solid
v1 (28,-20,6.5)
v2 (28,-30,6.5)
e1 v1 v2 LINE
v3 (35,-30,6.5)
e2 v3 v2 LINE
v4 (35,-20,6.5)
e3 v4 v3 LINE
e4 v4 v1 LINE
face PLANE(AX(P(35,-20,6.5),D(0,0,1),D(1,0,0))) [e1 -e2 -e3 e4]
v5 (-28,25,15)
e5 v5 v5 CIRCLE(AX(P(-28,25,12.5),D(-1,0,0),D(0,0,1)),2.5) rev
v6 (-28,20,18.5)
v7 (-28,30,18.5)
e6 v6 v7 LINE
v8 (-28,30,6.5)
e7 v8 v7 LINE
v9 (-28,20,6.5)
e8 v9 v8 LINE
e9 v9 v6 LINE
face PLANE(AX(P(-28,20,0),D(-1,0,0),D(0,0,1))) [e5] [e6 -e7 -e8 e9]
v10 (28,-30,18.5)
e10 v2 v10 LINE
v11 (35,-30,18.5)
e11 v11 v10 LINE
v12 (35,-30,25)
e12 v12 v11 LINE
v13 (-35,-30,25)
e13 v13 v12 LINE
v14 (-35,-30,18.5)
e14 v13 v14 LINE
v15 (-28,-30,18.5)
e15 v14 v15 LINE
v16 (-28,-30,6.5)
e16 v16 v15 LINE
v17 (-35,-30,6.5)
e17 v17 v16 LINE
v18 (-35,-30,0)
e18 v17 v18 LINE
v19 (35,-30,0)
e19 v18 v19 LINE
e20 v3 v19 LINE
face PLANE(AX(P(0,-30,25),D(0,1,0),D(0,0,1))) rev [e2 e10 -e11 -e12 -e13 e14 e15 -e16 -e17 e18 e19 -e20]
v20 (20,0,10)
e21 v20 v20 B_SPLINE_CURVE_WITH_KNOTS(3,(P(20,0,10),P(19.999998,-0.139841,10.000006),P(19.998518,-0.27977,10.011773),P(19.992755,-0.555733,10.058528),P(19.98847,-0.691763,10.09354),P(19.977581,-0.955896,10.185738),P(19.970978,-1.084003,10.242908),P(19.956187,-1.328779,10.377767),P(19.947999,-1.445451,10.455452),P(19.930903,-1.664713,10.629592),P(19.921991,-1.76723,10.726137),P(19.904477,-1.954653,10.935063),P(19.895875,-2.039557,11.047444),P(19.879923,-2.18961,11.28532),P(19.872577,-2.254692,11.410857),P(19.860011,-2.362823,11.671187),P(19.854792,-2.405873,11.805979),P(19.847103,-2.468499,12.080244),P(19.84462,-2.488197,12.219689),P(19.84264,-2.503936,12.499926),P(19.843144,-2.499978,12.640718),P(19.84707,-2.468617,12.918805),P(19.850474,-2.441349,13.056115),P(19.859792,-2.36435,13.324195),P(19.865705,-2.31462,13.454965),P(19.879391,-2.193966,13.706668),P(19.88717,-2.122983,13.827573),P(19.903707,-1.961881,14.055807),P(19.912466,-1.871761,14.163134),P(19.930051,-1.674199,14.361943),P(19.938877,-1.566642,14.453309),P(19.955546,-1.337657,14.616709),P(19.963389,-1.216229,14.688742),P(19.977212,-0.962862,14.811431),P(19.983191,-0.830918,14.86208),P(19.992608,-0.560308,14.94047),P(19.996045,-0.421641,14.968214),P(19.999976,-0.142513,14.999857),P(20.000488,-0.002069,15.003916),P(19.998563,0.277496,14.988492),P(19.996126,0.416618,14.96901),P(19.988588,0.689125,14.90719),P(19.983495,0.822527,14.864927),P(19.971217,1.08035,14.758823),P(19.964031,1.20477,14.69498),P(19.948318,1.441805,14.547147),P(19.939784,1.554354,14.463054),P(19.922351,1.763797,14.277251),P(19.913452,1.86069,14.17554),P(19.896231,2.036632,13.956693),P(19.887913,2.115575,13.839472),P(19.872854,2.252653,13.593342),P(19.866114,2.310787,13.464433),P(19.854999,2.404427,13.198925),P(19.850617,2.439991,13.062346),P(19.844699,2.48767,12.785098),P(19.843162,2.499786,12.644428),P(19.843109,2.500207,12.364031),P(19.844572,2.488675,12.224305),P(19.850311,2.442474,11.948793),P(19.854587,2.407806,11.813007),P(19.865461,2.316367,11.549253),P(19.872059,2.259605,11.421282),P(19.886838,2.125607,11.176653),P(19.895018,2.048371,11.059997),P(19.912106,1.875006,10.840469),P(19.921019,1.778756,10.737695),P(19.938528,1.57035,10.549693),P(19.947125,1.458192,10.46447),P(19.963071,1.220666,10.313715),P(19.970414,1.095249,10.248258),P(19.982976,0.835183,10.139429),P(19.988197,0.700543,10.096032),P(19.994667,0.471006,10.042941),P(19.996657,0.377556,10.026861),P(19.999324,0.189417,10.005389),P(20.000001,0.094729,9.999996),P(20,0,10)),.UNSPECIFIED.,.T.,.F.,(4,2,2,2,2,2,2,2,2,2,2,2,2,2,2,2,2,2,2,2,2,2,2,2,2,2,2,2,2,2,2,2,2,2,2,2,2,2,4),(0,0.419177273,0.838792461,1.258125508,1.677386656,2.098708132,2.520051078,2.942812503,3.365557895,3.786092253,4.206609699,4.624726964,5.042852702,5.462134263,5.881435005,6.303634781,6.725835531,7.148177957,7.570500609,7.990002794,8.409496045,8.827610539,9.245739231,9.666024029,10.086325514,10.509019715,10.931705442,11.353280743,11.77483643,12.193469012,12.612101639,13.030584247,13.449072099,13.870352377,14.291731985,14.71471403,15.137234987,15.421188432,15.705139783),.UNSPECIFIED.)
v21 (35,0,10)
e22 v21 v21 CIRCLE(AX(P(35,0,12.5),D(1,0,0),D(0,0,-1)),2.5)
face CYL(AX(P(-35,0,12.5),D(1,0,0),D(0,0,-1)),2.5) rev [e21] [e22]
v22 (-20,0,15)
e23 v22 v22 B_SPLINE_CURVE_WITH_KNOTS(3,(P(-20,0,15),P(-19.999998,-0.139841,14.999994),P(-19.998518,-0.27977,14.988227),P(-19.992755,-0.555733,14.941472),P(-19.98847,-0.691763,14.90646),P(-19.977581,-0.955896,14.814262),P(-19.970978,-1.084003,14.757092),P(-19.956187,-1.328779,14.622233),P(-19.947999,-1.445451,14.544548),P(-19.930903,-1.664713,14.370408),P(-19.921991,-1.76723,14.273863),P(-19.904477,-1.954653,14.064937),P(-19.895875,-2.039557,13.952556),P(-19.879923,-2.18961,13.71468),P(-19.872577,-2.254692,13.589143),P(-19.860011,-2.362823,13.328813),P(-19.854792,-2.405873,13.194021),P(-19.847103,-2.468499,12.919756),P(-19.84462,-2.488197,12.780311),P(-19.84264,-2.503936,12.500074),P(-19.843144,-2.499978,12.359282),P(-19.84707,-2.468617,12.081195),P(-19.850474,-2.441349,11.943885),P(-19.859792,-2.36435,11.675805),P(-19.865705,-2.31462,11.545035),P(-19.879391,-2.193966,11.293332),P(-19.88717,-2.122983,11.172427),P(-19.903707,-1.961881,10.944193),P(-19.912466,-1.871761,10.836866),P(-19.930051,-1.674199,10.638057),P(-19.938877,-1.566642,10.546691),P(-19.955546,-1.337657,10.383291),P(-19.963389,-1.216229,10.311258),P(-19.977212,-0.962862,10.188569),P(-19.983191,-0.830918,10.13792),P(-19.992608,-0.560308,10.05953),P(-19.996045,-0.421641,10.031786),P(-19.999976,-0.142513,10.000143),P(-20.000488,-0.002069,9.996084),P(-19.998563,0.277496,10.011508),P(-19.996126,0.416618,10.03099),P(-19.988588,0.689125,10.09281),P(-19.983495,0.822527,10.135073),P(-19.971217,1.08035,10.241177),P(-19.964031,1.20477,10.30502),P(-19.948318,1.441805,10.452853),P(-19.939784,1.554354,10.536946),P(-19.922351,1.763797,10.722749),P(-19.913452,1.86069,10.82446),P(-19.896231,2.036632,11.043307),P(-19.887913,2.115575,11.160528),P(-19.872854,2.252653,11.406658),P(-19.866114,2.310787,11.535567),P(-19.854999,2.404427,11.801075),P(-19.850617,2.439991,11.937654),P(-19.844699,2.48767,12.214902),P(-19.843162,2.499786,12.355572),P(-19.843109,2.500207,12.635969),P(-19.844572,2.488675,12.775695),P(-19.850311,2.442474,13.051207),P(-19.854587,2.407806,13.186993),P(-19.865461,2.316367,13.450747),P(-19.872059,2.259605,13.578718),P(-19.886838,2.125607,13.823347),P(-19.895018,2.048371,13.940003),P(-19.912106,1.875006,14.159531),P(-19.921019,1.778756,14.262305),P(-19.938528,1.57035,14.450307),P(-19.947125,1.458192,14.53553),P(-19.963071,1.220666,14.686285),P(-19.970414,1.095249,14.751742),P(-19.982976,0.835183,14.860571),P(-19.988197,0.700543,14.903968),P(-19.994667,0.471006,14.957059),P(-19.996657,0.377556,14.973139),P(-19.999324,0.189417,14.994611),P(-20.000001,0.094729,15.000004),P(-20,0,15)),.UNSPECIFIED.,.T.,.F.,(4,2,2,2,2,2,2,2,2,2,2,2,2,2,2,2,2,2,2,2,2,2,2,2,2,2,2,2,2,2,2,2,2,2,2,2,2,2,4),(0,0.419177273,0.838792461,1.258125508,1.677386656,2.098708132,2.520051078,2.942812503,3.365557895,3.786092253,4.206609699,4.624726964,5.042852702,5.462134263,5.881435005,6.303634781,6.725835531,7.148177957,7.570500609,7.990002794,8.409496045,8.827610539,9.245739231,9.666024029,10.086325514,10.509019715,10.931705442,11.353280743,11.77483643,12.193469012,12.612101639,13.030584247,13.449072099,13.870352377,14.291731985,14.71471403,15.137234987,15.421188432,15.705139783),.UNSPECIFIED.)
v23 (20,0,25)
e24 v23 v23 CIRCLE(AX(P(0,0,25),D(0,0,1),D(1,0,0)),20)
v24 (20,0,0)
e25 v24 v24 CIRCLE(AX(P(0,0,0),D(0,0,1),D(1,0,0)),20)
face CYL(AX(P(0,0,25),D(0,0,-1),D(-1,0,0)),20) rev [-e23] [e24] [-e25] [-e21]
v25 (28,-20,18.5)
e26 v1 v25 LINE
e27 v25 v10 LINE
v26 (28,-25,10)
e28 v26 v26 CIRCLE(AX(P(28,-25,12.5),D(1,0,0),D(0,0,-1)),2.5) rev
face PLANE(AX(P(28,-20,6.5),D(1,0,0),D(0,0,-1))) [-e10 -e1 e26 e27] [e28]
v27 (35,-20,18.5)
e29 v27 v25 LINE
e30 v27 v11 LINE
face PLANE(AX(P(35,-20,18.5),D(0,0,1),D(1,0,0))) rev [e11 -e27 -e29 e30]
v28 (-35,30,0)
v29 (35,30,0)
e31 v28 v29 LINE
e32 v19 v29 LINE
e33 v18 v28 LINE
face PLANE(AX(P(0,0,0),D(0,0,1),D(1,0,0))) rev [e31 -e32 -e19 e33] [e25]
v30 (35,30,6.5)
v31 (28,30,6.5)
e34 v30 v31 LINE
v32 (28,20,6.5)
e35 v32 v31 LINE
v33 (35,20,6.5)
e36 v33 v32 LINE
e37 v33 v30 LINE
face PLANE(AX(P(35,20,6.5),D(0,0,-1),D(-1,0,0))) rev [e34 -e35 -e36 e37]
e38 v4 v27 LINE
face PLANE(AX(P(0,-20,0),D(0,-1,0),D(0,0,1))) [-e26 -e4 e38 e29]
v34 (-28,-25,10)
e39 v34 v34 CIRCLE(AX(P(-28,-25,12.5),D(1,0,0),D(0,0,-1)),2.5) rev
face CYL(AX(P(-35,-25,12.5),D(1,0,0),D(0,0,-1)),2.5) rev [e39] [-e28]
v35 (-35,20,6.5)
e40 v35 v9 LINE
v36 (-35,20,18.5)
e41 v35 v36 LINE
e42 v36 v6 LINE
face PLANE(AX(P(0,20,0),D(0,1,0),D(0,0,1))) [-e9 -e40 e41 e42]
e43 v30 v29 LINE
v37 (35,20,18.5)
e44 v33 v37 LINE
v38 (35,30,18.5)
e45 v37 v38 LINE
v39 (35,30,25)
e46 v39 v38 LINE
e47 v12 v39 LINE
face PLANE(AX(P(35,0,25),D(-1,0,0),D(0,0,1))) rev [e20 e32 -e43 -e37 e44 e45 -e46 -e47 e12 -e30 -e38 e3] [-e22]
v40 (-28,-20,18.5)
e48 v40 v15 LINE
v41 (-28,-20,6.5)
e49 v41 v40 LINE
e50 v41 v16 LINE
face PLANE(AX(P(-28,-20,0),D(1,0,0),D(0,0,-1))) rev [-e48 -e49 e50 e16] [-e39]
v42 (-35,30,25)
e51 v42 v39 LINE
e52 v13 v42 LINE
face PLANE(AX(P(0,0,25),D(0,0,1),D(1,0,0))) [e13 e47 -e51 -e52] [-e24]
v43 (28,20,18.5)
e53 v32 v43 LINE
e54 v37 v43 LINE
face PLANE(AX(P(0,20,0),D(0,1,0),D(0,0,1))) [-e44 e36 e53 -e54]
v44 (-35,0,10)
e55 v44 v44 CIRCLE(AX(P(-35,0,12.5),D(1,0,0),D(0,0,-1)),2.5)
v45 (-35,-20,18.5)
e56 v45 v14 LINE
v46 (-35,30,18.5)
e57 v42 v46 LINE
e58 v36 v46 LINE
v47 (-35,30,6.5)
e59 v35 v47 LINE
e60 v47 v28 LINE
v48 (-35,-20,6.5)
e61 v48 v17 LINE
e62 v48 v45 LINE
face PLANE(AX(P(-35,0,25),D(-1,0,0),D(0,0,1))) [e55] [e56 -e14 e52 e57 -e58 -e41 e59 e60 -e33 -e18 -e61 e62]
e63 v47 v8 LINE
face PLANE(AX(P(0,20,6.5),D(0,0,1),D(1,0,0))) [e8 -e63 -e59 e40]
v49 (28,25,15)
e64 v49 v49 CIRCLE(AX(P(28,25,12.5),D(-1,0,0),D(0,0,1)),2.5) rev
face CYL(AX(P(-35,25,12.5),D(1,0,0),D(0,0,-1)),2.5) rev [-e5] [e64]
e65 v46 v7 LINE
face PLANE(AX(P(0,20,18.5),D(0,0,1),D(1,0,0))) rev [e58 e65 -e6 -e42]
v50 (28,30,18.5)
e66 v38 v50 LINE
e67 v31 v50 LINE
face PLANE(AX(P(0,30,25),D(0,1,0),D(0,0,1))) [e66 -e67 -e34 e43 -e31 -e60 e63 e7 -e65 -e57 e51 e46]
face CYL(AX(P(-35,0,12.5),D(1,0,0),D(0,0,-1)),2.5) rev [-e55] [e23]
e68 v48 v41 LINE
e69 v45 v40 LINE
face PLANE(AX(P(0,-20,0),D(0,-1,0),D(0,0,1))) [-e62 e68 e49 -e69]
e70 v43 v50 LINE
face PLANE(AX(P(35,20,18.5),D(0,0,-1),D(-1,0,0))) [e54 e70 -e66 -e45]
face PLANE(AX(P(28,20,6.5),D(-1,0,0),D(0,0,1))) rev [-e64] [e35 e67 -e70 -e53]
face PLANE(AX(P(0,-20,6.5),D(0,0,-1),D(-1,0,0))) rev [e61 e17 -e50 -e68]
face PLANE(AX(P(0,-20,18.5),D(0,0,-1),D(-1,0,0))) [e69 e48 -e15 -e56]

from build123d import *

# Parameters (mm, degrees)
SKETCH1_W           = 70
SKETCH1_H           = 60
SKETCH1_R           = 20
BOSS_EXTRUDE1_DEPTH = 25
SKETCH2_R           = 2.5
CUT_EXTRUDE1_DEPTH  = 81.156097709
SKETCH3_W           = 7
SKETCH3_H           = 12
CUT_EXTRUDE2_DEPTH  = 10


with BuildPart() as part:
    # Sketch1 → Boss-Extrude1 (new body)
    with BuildSketch(Plane.XY):
        Rectangle(SKETCH1_W, SKETCH1_H)
        Circle(SKETCH1_R, mode=Mode.SUBTRACT)
    extrude(amount=BOSS_EXTRUDE1_DEPTH)

    # Sketch2 → Cut-Extrude1 (cut, through all)
    with BuildSketch(Plane(origin=(35, 0, 0), x_dir=(0, 0, -1), z_dir=(1, 0, 0))):
        with Locations((-12.5, 25)):
            Circle(SKETCH2_R)
        with Locations((-12.5, -25)):
            Circle(SKETCH2_R)
        with Locations((-12.5, 0)):
            Circle(SKETCH2_R)
    extrude(amount=-CUT_EXTRUDE1_DEPTH, mode=Mode.SUBTRACT)

    # Sketch3 → Cut-Extrude2 (cut)
    with BuildSketch(Plane(origin=(0, 30, 0), x_dir=(1, 0, 0), z_dir=(0, 1, 0))):
        Polygon((-28, -6.5), (-35, -6.5), (-35, -18.5), (-28, -18.5), (-28, -15), (-28, -10), align=None)
        with Locations((31.5, -12.5)):
            Rectangle(SKETCH3_W, SKETCH3_H)
    cut_extrude2 = extrude(amount=-CUT_EXTRUDE2_DEPTH, mode=Mode.SUBTRACT)

    # Mirror1: Cut-Extrude2 across plane
    add(cut_extrude2.mirror(Plane.ZX), mode=Mode.SUBTRACT)


solid = part.part
